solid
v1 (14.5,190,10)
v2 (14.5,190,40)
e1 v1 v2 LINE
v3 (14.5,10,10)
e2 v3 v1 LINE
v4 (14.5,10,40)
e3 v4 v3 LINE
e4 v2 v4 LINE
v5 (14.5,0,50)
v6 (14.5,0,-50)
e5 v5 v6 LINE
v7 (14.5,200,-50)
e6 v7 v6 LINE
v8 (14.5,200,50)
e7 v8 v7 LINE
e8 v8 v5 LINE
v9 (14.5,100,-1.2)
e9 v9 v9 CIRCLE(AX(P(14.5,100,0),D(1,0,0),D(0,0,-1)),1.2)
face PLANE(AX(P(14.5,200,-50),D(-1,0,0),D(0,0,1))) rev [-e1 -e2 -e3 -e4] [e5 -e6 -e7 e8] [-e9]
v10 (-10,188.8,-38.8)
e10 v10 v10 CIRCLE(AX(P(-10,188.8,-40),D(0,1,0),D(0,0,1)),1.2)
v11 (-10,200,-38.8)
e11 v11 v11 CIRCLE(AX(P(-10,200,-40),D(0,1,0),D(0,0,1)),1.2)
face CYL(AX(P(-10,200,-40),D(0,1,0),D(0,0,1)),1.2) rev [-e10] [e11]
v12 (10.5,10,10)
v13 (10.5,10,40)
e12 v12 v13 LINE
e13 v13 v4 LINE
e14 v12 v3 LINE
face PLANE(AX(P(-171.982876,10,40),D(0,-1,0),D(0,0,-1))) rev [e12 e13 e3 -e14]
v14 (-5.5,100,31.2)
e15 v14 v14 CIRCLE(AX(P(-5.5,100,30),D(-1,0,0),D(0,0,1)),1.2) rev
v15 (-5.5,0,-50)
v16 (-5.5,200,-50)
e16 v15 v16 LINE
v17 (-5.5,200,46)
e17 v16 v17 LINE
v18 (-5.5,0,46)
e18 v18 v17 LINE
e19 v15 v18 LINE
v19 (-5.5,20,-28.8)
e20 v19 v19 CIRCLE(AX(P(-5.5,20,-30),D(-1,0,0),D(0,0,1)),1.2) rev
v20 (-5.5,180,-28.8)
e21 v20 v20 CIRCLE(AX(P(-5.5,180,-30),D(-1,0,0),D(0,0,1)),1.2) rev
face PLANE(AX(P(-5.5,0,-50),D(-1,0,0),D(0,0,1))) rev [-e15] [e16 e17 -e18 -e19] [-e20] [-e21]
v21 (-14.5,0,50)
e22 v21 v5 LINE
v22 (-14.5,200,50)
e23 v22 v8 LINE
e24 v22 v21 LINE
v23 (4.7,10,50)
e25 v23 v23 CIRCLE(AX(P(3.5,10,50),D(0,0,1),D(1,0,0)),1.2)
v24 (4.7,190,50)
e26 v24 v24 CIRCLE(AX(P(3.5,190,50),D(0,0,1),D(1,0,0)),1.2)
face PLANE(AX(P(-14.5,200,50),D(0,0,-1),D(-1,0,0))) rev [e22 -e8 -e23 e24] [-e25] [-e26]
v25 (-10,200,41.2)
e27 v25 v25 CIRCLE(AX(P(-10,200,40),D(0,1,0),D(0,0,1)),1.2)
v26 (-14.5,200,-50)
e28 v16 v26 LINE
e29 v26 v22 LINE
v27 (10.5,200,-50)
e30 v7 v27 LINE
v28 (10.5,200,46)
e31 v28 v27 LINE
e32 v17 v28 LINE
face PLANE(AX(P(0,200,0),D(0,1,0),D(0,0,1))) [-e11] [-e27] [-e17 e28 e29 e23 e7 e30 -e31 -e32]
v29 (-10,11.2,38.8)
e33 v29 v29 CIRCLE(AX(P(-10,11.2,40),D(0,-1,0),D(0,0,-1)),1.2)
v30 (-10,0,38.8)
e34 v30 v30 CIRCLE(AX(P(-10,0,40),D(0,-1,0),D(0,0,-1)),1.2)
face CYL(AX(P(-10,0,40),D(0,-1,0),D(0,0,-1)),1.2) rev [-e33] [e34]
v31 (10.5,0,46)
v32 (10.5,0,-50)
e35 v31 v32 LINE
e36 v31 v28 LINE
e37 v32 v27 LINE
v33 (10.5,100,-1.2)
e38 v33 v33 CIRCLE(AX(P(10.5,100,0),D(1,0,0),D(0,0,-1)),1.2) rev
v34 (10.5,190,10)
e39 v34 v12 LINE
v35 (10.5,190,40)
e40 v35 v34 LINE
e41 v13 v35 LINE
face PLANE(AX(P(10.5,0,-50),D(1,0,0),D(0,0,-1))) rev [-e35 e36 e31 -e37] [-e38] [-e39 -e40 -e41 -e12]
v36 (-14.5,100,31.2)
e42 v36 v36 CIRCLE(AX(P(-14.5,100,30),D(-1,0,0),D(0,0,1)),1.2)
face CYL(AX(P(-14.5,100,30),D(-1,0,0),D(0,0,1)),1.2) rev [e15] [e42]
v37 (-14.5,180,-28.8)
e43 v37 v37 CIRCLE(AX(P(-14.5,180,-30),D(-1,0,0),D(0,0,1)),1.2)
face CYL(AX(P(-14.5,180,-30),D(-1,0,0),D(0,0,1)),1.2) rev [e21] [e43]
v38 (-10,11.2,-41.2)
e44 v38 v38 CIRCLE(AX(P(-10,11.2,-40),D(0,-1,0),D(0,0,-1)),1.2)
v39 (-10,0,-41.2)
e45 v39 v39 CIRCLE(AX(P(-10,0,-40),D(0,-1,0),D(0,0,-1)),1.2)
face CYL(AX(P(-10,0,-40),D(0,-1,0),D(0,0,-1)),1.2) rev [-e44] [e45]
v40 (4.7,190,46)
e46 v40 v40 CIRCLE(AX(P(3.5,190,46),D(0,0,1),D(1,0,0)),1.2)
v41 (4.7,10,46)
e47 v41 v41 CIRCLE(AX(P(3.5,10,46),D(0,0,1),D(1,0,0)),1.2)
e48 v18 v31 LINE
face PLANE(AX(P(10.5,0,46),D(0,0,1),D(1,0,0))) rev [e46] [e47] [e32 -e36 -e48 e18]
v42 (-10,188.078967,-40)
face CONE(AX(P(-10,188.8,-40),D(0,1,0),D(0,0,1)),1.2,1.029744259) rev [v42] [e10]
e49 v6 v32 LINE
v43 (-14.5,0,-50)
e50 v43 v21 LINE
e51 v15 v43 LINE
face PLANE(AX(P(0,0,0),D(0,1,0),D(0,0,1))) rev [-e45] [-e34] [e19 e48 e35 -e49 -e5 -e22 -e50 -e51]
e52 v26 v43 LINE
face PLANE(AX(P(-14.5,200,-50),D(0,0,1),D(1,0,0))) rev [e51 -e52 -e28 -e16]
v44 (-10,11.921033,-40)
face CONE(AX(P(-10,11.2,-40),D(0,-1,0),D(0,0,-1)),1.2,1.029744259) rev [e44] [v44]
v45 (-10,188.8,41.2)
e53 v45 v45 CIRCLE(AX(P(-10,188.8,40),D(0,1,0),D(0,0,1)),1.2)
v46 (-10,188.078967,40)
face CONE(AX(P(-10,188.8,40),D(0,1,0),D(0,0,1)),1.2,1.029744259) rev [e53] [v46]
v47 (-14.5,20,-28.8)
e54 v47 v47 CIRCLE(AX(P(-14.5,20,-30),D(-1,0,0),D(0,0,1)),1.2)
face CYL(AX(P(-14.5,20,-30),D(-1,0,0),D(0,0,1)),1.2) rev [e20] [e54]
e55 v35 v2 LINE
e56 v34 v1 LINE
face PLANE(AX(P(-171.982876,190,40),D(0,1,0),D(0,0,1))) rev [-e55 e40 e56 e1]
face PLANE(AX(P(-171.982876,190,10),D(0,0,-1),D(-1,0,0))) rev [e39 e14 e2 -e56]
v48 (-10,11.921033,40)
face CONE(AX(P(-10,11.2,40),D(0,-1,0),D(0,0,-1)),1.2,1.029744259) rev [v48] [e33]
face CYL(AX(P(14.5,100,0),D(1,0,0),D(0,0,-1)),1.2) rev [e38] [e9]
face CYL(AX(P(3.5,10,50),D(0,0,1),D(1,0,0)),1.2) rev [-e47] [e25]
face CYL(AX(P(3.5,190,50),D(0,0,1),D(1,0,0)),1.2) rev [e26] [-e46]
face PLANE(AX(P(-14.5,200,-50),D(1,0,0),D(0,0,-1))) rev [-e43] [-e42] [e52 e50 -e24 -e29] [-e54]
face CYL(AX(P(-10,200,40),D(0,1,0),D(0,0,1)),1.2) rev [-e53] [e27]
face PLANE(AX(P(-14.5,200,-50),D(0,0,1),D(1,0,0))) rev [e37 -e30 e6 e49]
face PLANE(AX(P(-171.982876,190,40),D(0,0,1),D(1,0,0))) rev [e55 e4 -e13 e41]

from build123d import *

# Parameters (mm, degrees)
SKETCH1_W                 = 29
SKETCH1_H                 = 100
BOSS_EXTRUDE1_DEPTH       = 200
SKETCH2_W                 = 16
SKETCH2_H                 = 96
CUT_EXTRUDE1_DEPTH        = 207.664583323
SKETCH3_W                 = 30
SKETCH3_H                 = 180
CUT_EXTRUDE2_DEPTH        = 4
M2_CLEARANCE_HOLE1_D      = 2.4
M2_CLEARANCE_HOLE1_DEPTH  = 11.2
M2_CLEARANCE_HOLE1_TIP    = 0.721032743
M2_CLEARANCE_HOLE2_D      = 2.4
M2_CLEARANCE_HOLE2_DEPTH  = 11.2
M2_CLEARANCE_HOLE2_TIP    = 0.721032743
M2_CLEARANCE_HOLE3_REACH  = 210.185
M2_CLEARANCE_HOLE3_BORE_R = 1.2
M2_CLEARANCE_HOLE4_REACH  = 210.185
M2_CLEARANCE_HOLE4_BORE_R = 1.2
M2_CLEARANCE_HOLE5_D      = 2.4


with BuildPart() as part:
    # Sketch1 → Boss-Extrude1 (new body)
    with BuildSketch(Plane(origin=(0, 0, 0), x_dir=(1, 0, 0), z_dir=(0, 1, 0))):
        Rectangle(SKETCH1_W, SKETCH1_H)
    extrude(amount=BOSS_EXTRUDE1_DEPTH)

    # Sketch2 → Cut-Extrude1 (cut, through all)
    with BuildSketch(Plane(origin=(0, 200, 0), x_dir=(1, 0, 0), z_dir=(0, 1, 0))):
        with Locations((2.5, 2)):
            Rectangle(SKETCH2_W, SKETCH2_H)
    extrude(amount=-CUT_EXTRUDE1_DEPTH, mode=Mode.SUBTRACT)

    # Sketch3 → Cut-Extrude2 (cut)
    with BuildSketch(Plane(origin=(14.5, 0, 0), x_dir=(0, 0, -1), z_dir=(1, 0, 0))):
        with Locations((-25, 100)):
            Rectangle(SKETCH3_W, SKETCH3_H)
    extrude(amount=-CUT_EXTRUDE2_DEPTH, mode=Mode.SUBTRACT)

    # M2 Clearance Hole1
    with Locations(Plane(origin=(0, 200, 0), x_dir=(1, 0, 0), z_dir=(0, 1, 0))):
        with Locations((-10, 40), (-10, -40)):
            Hole(M2_CLEARANCE_HOLE1_D / 2, depth=M2_CLEARANCE_HOLE1_DEPTH)
            with Locations((0, 0, -(M2_CLEARANCE_HOLE1_DEPTH + M2_CLEARANCE_HOLE1_TIP / 2))):  # 118° drill point
                Cone(0, M2_CLEARANCE_HOLE1_D / 2, M2_CLEARANCE_HOLE1_TIP, mode=Mode.SUBTRACT)

    # M2 Clearance Hole2
    with Locations(Plane(origin=(0, 0, 0), x_dir=(-1, 0, 0), z_dir=(0, -1, 0))):
        with Locations((10, 40), (10, -40)):
            Hole(M2_CLEARANCE_HOLE2_D / 2, depth=M2_CLEARANCE_HOLE2_DEPTH)
            with Locations((0, 0, -(M2_CLEARANCE_HOLE2_DEPTH + M2_CLEARANCE_HOLE2_TIP / 2))):  # 118° drill point
                Cone(0, M2_CLEARANCE_HOLE2_D / 2, M2_CLEARANCE_HOLE2_TIP, mode=Mode.SUBTRACT)

    # M2 Clearance Hole3 bore → M2 Clearance Hole3 (cut, up to next)
    with BuildSketch(Plane.ZY.offset(14.5), mode=Mode.PRIVATE) as m2_clearance_hole3_sk1:
        with Locations((-30, 180)):
            Circle(M2_CLEARANCE_HOLE3_BORE_R)
    m2_clearance_hole3_tool1 = extrude(m2_clearance_hole3_sk1.sketch, amount=-M2_CLEARANCE_HOLE3_REACH, mode=Mode.PRIVATE) & part.part
    # M2 Clearance Hole3 bore → M2 Clearance Hole3 (cut, up to next)
    with BuildSketch(Plane.ZY.offset(14.5), mode=Mode.PRIVATE) as m2_clearance_hole3_sk2:
        with Locations((-30, 20)):
            Circle(M2_CLEARANCE_HOLE3_BORE_R)
    m2_clearance_hole3_tool2 = extrude(m2_clearance_hole3_sk2.sketch, amount=-M2_CLEARANCE_HOLE3_REACH, mode=Mode.PRIVATE) & part.part
    # M2 Clearance Hole3 bore → M2 Clearance Hole3 (cut, up to next)
    with BuildSketch(Plane.ZY.offset(14.5), mode=Mode.PRIVATE) as m2_clearance_hole3_sk3:
        with Locations((30, 100)):
            Circle(M2_CLEARANCE_HOLE3_BORE_R)
    m2_clearance_hole3_tool3 = extrude(m2_clearance_hole3_sk3.sketch, amount=-M2_CLEARANCE_HOLE3_REACH, mode=Mode.PRIVATE) & part.part
    add(m2_clearance_hole3_tool1.solids().sort_by_distance((-14.5, 180, -30))[0], mode=Mode.SUBTRACT)
    add(m2_clearance_hole3_tool2.solids().sort_by_distance((-14.5, 20, -30))[0], mode=Mode.SUBTRACT)
    add(m2_clearance_hole3_tool3.solids().sort_by_distance((-14.5, 100, 30))[0], mode=Mode.SUBTRACT)

    # M2 Clearance Hole4 bore → M2 Clearance Hole4 (cut, up to next)
    with BuildSketch(Plane(origin=(14.5, 0, 0), x_dir=(0, 0, -1), z_dir=(1, 0, 0)), mode=Mode.PRIVATE) as m2_clearance_hole4_sk1:
        with Locations((0, 100)):
            Circle(M2_CLEARANCE_HOLE4_BORE_R)
    m2_clearance_hole4_tool1 = extrude(m2_clearance_hole4_sk1.sketch, amount=-M2_CLEARANCE_HOLE4_REACH, mode=Mode.PRIVATE) & part.part
    add(m2_clearance_hole4_tool1.solids().sort_by_distance((14.5, 100, 0))[0], mode=Mode.SUBTRACT)

    # M2 Clearance Hole5 (through all)
    with Locations(Plane.XY.offset(50)):
        with Locations((3.5, 10), (3.5, 190)):
            Hole(M2_CLEARANCE_HOLE5_D / 2)


solid = part.part
